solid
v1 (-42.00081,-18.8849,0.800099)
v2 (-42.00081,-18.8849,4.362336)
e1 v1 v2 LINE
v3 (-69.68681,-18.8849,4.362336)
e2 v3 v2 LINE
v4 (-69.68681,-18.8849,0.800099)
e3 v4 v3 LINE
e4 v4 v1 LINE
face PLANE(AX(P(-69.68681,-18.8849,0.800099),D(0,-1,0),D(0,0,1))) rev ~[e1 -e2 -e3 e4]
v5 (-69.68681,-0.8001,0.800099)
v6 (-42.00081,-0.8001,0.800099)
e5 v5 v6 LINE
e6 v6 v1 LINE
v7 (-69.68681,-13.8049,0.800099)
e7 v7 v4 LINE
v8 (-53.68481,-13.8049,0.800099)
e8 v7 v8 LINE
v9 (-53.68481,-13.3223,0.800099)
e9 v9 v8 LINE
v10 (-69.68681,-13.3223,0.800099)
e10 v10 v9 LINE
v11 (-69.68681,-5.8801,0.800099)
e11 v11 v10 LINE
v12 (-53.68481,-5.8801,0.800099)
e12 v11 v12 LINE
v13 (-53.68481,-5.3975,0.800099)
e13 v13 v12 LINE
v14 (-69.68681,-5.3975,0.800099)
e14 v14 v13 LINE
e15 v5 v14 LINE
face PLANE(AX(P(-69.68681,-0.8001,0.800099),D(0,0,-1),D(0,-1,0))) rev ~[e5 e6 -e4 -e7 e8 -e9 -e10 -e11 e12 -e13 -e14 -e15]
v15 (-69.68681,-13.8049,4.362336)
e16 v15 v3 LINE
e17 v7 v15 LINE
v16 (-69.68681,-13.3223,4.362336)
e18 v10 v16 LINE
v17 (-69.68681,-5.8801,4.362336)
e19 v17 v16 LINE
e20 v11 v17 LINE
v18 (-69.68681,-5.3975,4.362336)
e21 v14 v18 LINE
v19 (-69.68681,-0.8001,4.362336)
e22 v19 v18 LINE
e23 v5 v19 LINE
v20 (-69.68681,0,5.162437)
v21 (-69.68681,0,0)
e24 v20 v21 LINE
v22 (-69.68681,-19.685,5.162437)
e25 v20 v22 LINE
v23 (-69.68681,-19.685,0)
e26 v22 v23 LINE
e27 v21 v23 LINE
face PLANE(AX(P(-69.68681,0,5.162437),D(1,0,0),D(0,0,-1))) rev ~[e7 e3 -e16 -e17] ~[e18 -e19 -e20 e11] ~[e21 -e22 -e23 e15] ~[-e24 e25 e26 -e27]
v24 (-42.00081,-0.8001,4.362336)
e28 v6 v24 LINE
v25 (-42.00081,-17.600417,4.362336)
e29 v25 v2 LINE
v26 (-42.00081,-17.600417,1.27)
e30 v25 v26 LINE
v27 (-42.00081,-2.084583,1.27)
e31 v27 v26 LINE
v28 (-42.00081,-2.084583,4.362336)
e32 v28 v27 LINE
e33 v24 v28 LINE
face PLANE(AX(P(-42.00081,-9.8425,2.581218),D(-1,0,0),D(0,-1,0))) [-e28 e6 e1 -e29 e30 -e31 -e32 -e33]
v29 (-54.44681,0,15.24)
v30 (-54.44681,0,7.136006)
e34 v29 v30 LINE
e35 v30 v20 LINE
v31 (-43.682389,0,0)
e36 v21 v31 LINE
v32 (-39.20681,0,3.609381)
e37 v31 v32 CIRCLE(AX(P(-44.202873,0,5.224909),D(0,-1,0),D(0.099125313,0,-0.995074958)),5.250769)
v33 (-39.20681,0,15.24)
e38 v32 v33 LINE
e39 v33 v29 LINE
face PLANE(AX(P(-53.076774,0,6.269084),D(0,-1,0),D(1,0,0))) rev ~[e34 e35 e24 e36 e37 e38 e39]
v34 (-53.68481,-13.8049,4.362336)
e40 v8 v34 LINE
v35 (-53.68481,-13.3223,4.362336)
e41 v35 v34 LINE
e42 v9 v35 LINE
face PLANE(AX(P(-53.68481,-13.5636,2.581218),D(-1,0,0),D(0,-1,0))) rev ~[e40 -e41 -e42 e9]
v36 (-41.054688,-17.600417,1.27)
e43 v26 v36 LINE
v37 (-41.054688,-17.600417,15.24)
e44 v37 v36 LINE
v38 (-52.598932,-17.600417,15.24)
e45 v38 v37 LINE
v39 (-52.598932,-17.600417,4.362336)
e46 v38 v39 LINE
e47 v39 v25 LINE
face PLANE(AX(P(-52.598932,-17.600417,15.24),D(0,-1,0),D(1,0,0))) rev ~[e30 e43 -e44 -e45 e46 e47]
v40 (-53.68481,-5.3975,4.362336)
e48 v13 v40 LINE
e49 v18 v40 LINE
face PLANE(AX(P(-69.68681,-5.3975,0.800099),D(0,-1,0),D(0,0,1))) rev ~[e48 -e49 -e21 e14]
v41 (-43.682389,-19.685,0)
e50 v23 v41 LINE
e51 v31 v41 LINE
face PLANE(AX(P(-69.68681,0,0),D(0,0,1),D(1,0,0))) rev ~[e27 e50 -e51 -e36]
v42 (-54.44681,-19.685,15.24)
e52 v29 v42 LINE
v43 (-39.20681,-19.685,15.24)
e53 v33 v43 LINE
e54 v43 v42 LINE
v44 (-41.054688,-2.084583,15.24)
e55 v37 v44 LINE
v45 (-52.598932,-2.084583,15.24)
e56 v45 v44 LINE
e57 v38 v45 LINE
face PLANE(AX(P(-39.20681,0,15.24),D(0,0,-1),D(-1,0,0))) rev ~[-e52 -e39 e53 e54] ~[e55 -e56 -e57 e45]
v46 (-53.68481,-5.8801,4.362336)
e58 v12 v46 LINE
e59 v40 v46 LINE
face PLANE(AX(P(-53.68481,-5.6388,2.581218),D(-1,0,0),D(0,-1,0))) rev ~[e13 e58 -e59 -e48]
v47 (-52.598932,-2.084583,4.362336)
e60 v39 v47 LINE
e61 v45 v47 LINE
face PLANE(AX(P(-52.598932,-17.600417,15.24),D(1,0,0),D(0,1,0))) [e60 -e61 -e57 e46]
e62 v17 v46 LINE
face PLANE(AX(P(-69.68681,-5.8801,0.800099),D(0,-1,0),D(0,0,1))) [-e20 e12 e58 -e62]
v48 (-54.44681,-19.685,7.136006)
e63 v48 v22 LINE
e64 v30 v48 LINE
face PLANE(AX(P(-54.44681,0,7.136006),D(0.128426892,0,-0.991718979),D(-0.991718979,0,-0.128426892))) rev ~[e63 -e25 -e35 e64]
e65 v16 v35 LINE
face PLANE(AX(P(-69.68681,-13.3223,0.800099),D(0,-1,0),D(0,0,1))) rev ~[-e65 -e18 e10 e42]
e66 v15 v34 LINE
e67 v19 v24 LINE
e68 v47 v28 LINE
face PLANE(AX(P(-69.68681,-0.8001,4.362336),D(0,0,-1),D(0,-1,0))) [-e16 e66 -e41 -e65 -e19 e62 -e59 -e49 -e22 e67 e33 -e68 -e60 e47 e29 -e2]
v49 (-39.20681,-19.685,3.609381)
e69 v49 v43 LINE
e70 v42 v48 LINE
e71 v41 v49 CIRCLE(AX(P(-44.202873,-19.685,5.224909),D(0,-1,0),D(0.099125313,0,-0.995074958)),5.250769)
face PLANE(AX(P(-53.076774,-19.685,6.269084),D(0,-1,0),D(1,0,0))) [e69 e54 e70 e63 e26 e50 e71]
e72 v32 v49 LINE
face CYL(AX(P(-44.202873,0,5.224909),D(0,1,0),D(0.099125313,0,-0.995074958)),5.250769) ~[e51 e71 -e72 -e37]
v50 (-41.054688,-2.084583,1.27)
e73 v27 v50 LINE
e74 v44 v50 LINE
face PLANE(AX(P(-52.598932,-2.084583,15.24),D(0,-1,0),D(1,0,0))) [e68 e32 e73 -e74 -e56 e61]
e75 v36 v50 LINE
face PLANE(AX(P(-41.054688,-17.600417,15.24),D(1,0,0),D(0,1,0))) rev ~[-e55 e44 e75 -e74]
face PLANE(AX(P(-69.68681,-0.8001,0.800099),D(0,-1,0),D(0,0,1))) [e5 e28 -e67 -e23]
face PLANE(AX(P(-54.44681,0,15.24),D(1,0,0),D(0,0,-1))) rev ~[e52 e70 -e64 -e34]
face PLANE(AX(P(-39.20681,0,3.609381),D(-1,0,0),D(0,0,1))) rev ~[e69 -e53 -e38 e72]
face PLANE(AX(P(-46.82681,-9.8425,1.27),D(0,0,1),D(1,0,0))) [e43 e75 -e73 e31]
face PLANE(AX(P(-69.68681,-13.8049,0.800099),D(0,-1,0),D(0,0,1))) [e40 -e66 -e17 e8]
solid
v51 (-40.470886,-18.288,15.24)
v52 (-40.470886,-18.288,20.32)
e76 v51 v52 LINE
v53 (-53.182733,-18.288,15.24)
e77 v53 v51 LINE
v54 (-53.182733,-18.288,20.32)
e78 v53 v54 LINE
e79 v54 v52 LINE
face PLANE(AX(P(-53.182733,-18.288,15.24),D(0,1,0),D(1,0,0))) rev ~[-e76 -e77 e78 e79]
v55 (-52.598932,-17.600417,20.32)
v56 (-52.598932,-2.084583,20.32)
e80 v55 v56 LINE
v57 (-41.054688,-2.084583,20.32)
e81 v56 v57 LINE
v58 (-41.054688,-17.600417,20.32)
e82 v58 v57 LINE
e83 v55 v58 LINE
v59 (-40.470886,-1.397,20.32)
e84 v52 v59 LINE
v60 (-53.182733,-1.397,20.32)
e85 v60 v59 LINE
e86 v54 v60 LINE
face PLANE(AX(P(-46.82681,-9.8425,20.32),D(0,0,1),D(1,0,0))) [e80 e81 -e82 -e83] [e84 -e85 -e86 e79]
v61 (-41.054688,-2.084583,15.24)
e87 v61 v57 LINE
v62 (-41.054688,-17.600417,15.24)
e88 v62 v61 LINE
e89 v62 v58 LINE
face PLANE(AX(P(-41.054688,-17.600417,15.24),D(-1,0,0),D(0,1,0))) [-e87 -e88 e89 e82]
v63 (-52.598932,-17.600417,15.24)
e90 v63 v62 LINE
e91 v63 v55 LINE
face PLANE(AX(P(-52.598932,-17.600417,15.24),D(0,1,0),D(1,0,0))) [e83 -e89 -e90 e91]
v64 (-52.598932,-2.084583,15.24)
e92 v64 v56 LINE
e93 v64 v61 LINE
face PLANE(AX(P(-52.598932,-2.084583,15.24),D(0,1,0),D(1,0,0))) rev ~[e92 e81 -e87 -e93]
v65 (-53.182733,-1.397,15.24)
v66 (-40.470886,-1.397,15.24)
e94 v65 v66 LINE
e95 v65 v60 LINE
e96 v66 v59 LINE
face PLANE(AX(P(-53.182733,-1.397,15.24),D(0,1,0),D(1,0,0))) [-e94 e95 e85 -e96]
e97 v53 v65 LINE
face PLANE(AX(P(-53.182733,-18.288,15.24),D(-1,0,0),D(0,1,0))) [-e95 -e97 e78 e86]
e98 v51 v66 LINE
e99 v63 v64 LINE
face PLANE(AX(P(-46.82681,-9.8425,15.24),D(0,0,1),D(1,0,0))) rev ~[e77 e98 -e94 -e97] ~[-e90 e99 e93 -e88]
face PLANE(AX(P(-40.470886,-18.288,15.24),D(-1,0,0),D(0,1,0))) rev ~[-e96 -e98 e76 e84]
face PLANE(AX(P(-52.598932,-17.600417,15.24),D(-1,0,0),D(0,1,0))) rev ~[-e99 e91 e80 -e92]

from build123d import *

# Parameters (mm, degrees)
F1_DEPTH = 19.685
F2_W     = 11.544244
F2_H     = 15.515834
F3_DEPTH = 13.97
F4_W     = 18.0848
F4_H     = 3.562237
F5_DEPTH = 27.686
F6_W     = 12.711847
F6_H     = 16.891
F6_W_2   = 11.544244
F6_H_2   = 15.515834
F7_DEPTH = 5.08
F8_W     = 0.4826
F8_H     = 3.562237
F9_DEPTH = 16.002


with BuildPart() as f1:
    # F0 (on Front) → F1 (new body)
    with BuildSketch(Plane.XZ):
        with BuildLine():
            Line((-69.68681, 5.162437), (-69.68681, 0))
            Line((-69.68681, 0), (-43.682389, 0))
            ThreePointArc((-43.682389, 0), (-40.906666, 1.137661), (-39.20681, 3.609381))
            Line((-39.20681, 3.609381), (-39.20681, 15.24))
            Line((-39.20681, 15.24), (-54.44681, 15.24))
            Line((-54.44681, 15.24), (-54.44681, 7.136006))
            Line((-54.44681, 7.136006), (-69.68681, 5.162437))
        make_face()
    extrude(amount=F1_DEPTH)

    # F2 (on face) → F3 (cut)
    with BuildSketch(Plane.XY.offset(15.24)):
        with Locations((-46.82681, -9.8425)):
            Rectangle(F2_W, F2_H)
    extrude(amount=-F3_DEPTH, mode=Mode.SUBTRACT)

    # F4 (on face) → F5 (cut)
    with BuildSketch(Plane(origin=(-69.68681, 0, 0), x_dir=(0, -1, 0), z_dir=(-1, 0, 0))):
        with Locations((9.8425, 2.581218)):
            Rectangle(F4_W, F4_H)
    extrude(amount=-F5_DEPTH, mode=Mode.SUBTRACT)

    # F8 (on face) → F9 (join)
    with BuildSketch(Plane(origin=(-69.68681, 0, 0), x_dir=(0, -1, 0), z_dir=(-1, 0, 0))):
        with Locations((5.6388, 2.581218)):
            Rectangle(F8_W, F8_H)
        with Locations((13.5636, 2.581218)):
            Rectangle(F8_W, F8_H)
    extrude(amount=-F9_DEPTH)


with BuildPart() as f7:
    # F6 (on face) → F7 (new body)
    with BuildSketch(Plane.XY.offset(15.24)):
        with Locations((-46.82681, -9.8425)):
            Rectangle(F6_W, F6_H)
        with Locations((-46.82681, -9.8425)):
            Rectangle(F6_W_2, F6_H_2, mode=Mode.SUBTRACT)
    extrude(amount=F7_DEPTH)


solid = Compound([f1.part, f7.part])
